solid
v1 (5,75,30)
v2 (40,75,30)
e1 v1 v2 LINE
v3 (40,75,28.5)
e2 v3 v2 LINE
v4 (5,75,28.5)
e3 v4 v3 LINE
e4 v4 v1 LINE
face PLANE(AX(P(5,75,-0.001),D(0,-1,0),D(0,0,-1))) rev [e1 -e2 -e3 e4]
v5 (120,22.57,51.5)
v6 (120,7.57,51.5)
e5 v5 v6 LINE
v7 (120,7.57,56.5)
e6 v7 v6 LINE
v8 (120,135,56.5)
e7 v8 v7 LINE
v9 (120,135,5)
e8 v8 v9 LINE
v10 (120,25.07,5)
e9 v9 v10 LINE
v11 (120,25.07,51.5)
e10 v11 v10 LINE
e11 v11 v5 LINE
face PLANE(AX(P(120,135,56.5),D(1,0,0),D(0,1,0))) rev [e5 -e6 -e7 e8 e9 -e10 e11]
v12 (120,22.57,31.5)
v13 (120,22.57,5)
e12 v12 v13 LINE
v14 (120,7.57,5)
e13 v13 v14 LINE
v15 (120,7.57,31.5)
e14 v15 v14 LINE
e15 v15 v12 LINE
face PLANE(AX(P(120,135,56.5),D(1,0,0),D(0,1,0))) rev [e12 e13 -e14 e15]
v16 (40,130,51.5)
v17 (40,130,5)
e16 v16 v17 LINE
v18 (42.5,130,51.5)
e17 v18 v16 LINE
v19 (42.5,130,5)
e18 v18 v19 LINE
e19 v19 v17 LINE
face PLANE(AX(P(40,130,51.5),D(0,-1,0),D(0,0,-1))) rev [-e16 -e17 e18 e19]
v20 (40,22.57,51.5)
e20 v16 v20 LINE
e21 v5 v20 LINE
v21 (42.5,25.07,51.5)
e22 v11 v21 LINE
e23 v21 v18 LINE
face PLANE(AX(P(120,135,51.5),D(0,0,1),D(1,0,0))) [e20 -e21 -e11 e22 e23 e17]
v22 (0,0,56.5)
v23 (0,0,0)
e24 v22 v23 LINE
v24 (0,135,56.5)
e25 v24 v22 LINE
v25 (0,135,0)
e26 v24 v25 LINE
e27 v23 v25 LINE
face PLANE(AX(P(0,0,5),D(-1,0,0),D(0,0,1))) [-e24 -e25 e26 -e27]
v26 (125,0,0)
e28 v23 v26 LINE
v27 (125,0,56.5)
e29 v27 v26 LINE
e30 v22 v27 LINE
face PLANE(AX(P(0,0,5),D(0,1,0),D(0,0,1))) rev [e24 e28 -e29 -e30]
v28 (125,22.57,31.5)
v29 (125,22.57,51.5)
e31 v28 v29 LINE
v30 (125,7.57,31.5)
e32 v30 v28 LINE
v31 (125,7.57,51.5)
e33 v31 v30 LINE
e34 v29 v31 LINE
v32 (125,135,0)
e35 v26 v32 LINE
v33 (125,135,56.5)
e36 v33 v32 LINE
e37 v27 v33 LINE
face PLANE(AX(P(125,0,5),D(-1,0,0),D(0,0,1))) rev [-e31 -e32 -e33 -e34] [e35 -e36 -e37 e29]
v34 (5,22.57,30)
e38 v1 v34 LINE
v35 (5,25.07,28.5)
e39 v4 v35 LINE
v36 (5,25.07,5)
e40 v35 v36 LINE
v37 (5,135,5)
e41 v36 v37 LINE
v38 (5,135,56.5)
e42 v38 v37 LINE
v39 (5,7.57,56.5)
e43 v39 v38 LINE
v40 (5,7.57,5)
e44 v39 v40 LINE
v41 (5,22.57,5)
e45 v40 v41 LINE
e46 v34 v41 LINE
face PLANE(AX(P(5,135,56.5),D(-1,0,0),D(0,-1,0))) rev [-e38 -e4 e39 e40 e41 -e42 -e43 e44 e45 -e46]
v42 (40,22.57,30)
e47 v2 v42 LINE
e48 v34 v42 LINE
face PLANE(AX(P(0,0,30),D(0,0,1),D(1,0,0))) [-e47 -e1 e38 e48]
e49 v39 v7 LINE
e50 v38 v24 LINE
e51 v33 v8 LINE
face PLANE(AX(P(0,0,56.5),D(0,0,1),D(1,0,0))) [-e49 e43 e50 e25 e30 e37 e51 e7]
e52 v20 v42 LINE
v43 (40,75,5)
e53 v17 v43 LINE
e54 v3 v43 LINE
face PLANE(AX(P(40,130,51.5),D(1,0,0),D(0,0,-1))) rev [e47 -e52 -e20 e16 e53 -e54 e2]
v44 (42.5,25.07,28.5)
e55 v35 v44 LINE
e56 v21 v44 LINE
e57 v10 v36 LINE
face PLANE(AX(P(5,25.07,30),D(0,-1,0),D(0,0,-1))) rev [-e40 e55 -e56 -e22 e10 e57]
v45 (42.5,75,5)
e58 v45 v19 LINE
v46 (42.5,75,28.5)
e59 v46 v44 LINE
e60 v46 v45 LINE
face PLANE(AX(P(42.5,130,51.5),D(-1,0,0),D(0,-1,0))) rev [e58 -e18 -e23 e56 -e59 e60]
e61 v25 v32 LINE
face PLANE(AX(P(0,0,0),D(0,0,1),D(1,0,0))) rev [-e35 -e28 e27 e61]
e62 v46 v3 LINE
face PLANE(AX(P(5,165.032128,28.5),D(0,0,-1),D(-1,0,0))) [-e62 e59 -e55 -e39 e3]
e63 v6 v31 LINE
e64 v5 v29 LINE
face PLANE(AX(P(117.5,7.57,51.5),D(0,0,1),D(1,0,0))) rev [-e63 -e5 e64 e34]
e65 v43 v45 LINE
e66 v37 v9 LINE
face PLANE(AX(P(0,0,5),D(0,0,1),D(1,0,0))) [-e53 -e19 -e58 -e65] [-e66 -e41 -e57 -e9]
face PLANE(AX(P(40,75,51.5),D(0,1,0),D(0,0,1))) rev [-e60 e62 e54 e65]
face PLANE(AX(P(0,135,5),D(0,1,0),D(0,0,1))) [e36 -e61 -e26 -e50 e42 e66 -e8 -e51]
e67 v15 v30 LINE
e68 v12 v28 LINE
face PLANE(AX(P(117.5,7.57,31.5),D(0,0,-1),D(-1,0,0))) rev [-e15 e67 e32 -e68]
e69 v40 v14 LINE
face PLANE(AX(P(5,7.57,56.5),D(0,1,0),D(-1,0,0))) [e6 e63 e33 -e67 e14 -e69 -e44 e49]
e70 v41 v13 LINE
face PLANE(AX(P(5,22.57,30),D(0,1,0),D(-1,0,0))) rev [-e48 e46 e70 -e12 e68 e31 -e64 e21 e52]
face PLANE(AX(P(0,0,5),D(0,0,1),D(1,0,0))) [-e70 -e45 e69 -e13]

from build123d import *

# Parameters (mm, degrees)
SKETCH1_W            = 125
SKETCH1_H            = 135
BOSS_EXTRUDE1_DEPTH  = 5
SKETCH2_W            = 5
SKETCH2_H            = 135
BOSS_EXTRUDE2_DEPTH  = 51.5
SKETCH3_W            = 5
SKETCH3_H            = 135
BOSS_EXTRUDE3_DEPTH  = 51.5
SKETCH5_W            = 115
SKETCH5_H            = 7.57
BOSS_EXTRUDE4_DEPTH  = 51.5
SKETCH21_W           = 2.5
SKETCH21_H           = 55
BOSS_EXTRUDE13_DEPTH = 46.5
SKETCH23_W           = 115
SKETCH23_H           = 2.5
BOSS_EXTRUDE14_DEPTH = 25
BOSS_EXTRUDE15_REACH = 177.789
SKETCH24_W           = 35
SKETCH24_H           = 1.5
SKETCH25_W           = 80
SKETCH25_H           = 2.5
BOSS_EXTRUDE16_DEPTH = 26.5
SKETCH27_W           = 2.5
SKETCH27_H           = 28
BOSS_EXTRUDE20_DEPTH = 104.93
CUT_EXTRUDE1_REACH   = 188.414
SKETCH28_W           = 35
SKETCH28_H           = 55
SKETCH29_W           = 80
SKETCH29_H           = 5
CUT_EXTRUDE2_DEPTH   = 178.363341477
SKETCH35_W           = 20
SKETCH35_H           = 15
CUT_EXTRUDE5_DEPTH   = 7.5


with BuildPart() as part:
    # Sketch1 → Boss-Extrude1 (new body)
    with BuildSketch(Plane.XY):
        with Locations((62.5, 67.5)):
            Rectangle(SKETCH1_W, SKETCH1_H)
    extrude(amount=BOSS_EXTRUDE1_DEPTH)

    # Sketch2 → Boss-Extrude2 (add)
    with BuildSketch(Plane.XY.offset(5)):
        with Locations((2.5, 67.5)):
            Rectangle(SKETCH2_W, SKETCH2_H)
    extrude(amount=BOSS_EXTRUDE2_DEPTH)

    # Sketch3 → Boss-Extrude3 (add)
    with BuildSketch(Plane.XY.offset(5)):
        with Locations((122.5, 67.5)):
            Rectangle(SKETCH3_W, SKETCH3_H)
    extrude(amount=BOSS_EXTRUDE3_DEPTH)

    # Sketch5 → Boss-Extrude4 (add)
    with BuildSketch(Plane.XY.offset(5)):
        with Locations((62.5, 3.785)):
            Rectangle(SKETCH5_W, SKETCH5_H)
    extrude(amount=BOSS_EXTRUDE4_DEPTH)

    # Sketch21 → Boss-Extrude13 (add)
    with BuildSketch(Plane.XY.offset(5)):
        with Locations((41.25, 102.5)):
            Rectangle(SKETCH21_W, SKETCH21_H)
    extrude(amount=BOSS_EXTRUDE13_DEPTH)

    # Sketch23 → Boss-Extrude14 (add)
    with BuildSketch(Plane.XY.offset(5)):
        with Locations((62.5, 23.82)):
            Rectangle(SKETCH23_W, SKETCH23_H)
    extrude(amount=BOSS_EXTRUDE14_DEPTH)

    # Boss-Extrude15: up to this face of the body (flat: up to its plane)
    boss_extrude15_end = Plane(part.part.faces().sort_by_distance((41.25, 130, 28.25))[0])
    # Sketch24 → Boss-Extrude15 (add, up to the picked face)
    with BuildSketch(Plane(origin=(0, 25.07, 0), x_dir=(1, 0, 0), z_dir=(0, 1, 0)), mode=Mode.PRIVATE) as boss_extrude15_sk1:
        with Locations((22.5, -29.25)):
            Rectangle(SKETCH24_W, SKETCH24_H)
    boss_extrude15_tool1 = split(extrude(boss_extrude15_sk1.sketch, amount=BOSS_EXTRUDE15_REACH, mode=Mode.PRIVATE), bisect_by=boss_extrude15_end, keep=Keep.BOTH, mode=Mode.PRIVATE)
    add(boss_extrude15_tool1.solids().sort_by(Axis((22.5, 25.07, 29.25), (0, 1, 0)))[0])

    # Sketch25 → Boss-Extrude16 (add)
    with BuildSketch(Plane.XY.offset(30)):
        with Locations((80, 23.82)):
            Rectangle(SKETCH25_W, SKETCH25_H)
    extrude(amount=BOSS_EXTRUDE16_DEPTH)

    # Sketch27 → Boss-Extrude20 (add)
    with BuildSketch(Plane(origin=(0, 25.07, 0), x_dir=(1, 0, 0), z_dir=(0, 1, 0))):
        with Locations((41.25, -42.5)):
            Rectangle(SKETCH27_W, SKETCH27_H)
    extrude(amount=BOSS_EXTRUDE20_DEPTH)

    # Sketch28 → Cut-Extrude1 (cut, up to next)
    with BuildSketch(Plane.XY.offset(30), mode=Mode.PRIVATE) as cut_extrude1_sk1:
        with Locations((22.5, 102.5)):
            Rectangle(SKETCH28_W, SKETCH28_H)
    cut_extrude1_tool1 = extrude(cut_extrude1_sk1.sketch, amount=-CUT_EXTRUDE1_REACH, mode=Mode.PRIVATE) & part.part
    add(cut_extrude1_tool1.solids().sort_by_distance((22.5, 102.5, 30))[0], mode=Mode.SUBTRACT)

    # Sketch29 → Cut-Extrude2 (cut, through all)
    with BuildSketch(Plane.XZ.offset(-22.57)):
        with Locations((80, 54)):
            Rectangle(SKETCH29_W, SKETCH29_H)
    extrude(amount=-CUT_EXTRUDE2_DEPTH, mode=Mode.SUBTRACT)

    # Sketch35 → Cut-Extrude5 (cut)
    with BuildSketch(Plane(origin=(125, 0, 0), x_dir=(0, 0, -1), z_dir=(1, 0, 0))):
        with Locations((-41.5, 15.07)):
            Rectangle(SKETCH35_W, SKETCH35_H)
    extrude(amount=-CUT_EXTRUDE5_DEPTH, mode=Mode.SUBTRACT)


solid = part.part
